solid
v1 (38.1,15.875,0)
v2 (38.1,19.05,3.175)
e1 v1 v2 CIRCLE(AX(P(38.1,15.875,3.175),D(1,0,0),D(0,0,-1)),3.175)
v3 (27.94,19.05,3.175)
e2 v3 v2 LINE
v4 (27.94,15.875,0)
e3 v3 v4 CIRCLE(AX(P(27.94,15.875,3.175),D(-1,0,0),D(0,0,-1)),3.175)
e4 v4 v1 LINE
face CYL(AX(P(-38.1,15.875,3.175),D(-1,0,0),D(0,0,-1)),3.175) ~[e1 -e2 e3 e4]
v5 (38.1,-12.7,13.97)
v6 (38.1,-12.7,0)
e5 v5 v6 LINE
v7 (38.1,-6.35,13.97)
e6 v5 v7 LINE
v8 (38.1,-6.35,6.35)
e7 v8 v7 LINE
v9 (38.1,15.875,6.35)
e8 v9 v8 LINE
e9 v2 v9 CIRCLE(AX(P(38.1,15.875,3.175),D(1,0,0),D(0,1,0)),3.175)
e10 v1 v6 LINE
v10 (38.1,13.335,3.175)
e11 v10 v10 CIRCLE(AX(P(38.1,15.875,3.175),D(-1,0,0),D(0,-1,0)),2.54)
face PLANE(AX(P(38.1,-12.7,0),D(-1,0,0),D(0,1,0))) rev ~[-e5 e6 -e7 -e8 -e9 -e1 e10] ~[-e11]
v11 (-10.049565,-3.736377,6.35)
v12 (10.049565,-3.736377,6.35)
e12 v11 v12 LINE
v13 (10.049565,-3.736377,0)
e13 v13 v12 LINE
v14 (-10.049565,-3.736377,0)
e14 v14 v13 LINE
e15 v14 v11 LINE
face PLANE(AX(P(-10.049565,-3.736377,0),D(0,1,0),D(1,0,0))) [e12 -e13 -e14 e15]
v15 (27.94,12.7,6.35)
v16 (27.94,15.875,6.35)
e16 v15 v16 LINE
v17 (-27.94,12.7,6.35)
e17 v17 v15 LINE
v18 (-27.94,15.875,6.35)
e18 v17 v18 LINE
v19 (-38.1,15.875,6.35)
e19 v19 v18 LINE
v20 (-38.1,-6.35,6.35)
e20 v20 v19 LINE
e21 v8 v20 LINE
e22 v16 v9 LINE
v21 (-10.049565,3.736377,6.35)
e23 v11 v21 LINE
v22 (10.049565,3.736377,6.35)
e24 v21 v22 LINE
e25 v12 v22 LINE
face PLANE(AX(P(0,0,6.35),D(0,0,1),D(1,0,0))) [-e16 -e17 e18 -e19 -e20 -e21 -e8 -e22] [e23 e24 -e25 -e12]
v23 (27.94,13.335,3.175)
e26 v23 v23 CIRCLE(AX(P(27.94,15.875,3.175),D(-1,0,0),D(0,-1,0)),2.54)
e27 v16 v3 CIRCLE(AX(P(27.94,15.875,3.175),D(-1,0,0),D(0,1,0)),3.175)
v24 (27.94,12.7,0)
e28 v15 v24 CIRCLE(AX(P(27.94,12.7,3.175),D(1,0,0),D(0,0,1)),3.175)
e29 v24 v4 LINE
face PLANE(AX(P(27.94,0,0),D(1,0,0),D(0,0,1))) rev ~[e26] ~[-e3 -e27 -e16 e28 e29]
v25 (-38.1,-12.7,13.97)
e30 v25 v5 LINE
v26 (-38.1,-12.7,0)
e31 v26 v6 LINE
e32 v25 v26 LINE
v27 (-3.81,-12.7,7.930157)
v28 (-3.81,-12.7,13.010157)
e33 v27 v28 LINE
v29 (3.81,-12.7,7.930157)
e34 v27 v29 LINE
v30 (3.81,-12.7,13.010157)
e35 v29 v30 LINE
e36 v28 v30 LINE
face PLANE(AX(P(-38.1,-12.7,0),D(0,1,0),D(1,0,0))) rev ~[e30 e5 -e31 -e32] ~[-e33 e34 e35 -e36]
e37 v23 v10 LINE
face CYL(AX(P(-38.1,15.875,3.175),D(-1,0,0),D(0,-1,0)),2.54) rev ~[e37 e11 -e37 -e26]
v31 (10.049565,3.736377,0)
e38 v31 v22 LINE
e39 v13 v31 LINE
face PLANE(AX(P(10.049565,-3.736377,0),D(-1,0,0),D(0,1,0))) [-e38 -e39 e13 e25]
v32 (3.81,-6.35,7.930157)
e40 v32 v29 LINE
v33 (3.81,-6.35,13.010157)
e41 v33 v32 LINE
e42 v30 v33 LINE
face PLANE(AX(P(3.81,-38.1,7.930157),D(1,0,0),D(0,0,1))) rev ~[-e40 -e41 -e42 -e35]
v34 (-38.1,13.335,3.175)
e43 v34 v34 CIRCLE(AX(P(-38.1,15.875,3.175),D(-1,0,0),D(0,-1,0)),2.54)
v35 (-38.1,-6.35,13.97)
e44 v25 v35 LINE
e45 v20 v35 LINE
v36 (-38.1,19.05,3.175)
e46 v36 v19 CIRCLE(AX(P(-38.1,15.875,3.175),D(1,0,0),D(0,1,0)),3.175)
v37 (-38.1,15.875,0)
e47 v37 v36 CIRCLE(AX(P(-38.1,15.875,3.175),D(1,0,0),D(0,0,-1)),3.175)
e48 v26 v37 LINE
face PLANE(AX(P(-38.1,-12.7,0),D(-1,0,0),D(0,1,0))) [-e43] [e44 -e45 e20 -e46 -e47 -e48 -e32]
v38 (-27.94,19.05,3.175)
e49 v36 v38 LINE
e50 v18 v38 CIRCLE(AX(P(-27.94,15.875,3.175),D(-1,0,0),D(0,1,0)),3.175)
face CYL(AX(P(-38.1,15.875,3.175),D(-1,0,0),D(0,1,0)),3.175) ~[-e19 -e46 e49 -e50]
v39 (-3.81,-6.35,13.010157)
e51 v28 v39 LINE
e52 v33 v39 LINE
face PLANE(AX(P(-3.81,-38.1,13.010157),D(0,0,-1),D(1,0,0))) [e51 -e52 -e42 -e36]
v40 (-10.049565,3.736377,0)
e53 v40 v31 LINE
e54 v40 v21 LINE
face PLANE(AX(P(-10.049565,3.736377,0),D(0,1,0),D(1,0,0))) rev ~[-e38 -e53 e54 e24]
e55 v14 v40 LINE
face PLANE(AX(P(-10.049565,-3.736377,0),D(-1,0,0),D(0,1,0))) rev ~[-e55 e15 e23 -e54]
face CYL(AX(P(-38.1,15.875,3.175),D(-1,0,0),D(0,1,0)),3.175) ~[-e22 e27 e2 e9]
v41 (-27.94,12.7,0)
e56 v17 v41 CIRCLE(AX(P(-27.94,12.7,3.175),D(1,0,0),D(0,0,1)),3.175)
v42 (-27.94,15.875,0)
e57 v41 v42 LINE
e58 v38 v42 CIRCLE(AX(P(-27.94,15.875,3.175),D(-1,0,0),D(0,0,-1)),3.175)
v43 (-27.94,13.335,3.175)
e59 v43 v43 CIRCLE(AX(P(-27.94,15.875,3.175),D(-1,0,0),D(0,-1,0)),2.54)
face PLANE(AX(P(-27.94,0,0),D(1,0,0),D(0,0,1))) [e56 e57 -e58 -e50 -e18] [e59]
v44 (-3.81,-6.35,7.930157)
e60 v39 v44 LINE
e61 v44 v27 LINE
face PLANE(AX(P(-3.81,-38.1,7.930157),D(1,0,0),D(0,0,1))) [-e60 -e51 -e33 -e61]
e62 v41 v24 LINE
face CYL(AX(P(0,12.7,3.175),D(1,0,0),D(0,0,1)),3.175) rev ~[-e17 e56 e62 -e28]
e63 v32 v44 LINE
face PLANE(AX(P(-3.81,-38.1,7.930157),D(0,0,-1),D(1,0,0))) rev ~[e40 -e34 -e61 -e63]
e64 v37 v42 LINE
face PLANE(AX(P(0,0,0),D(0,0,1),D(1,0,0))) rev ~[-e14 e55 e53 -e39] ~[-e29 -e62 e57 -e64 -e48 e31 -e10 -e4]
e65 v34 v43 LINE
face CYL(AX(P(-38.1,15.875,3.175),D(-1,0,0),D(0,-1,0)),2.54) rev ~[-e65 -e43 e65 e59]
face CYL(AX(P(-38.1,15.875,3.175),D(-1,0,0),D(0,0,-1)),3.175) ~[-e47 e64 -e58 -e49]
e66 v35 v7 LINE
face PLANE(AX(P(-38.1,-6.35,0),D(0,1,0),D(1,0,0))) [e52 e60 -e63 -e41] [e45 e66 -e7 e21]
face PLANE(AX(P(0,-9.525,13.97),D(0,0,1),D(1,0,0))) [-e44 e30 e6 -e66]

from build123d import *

# Parameters (mm, degrees)
F0_W      = 76.2
F0_H      = 25.4
F2_DEPTH  = 6.35
F1_W      = 20.0991295278
F1_H      = 7.4727535248
F3_DEPTH  = 6.35
F4_W      = 10.16
F4_H      = 6.35
F5_DEPTH  = 19.05
F6_R      = 2.54
F7_DEPTH  = 76.2
F8_DEPTH  = 76.2
F10_DEPTH = 27.94
F11_W     = 76.2
F11_H     = 6.35
F12_DEPTH = 13.97
F13_W     = 7.62
F13_H     = 5.08
F14_DEPTH = 25.4
F15_DEPTH = 190.5


with BuildPart() as f2:
    # F0 (on Top) → F2 (new body)
    with BuildSketch(Plane.XY):
        Rectangle(F0_W, F0_H)
    extrude(amount=F2_DEPTH)

    # F1 (on Top) → F3 (cut)
    with BuildSketch(Plane.XY):
        Rectangle(F1_W, F1_H)
    extrude(amount=F3_DEPTH, mode=Mode.SUBTRACT)

    # F4 (on Front) → F5 (join)
    with BuildSketch(Plane.XZ):
        with Locations((33.02, 3.175)):
            Rectangle(F4_W, F4_H)
        with Locations((-33.02, 3.175)):
            Rectangle(F4_W, F4_H)
    extrude(amount=-F5_DEPTH)

    # F6 (on face) → F7 (cut)
    with BuildSketch(Plane(origin=(-38.1, 0, 0), x_dir=(0, -1, 0), z_dir=(-1, 0, 0))):
        with Locations((-15.875, 3.175)):
            Circle(F6_R)
    extrude(amount=-F7_DEPTH, mode=Mode.SUBTRACT)

    # F6 (on face) → F8 (cut)
    with BuildSketch(Plane(origin=(-38.1, 0, 0), x_dir=(0, -1, 0), z_dir=(-1, 0, 0))):
        with BuildLine():
            Line((-19.05, 0), (-15.875, 0))
            ThreePointArc((-15.875, 0), (-18.1200640303, 0.9299359697), (-19.05, 3.175))
            Line((-19.05, 3.175), (-19.05, 0))
        make_face()
        with BuildLine():
            ThreePointArc((-19.05, 3.175), (-18.1200640229, 5.4200640376), (-15.8749999792, 6.35))
            Line((-15.8749999792, 6.35), (-19.05, 6.35))
            Line((-19.05, 6.35), (-19.05, 3.175))
        make_face()
    extrude(amount=-F8_DEPTH, mode=Mode.SUBTRACT)

    # F9 (on Right) → F10 (cut, symmetric)
    with BuildSketch(Plane.YZ):
        with BuildLine():
            ThreePointArc((12.7, 6.35), (9.525, 3.175), (12.7, 0))
            Line((12.7, 0), (12.7, 6.35))
        make_face()
    extrude(amount=F10_DEPTH, both=True, mode=Mode.SUBTRACT)

    # F11 (on Top) → F12 (join)
    with BuildSketch(Plane.XY):
        with Locations((0, -9.525)):
            Rectangle(F11_W, F11_H)
    extrude(amount=F12_DEPTH)

    # F13 (on face) → F14 (join)
    with BuildSketch(Plane.XZ.offset(12.7)):
        with Locations((0, 10.4701574892)):
            Rectangle(F13_W, F13_H)
    extrude(amount=F14_DEPTH)

    # F15 (cut, symmetric): a face of the model
    f15_faces = [f2.faces().sort_by_distance(p)[0] for p in [
        (0, -38.1, 10.4701574892),
    ]]
    extrude(f15_faces, amount=F15_DEPTH, both=True, mode=Mode.SUBTRACT)


solid = f2.part
